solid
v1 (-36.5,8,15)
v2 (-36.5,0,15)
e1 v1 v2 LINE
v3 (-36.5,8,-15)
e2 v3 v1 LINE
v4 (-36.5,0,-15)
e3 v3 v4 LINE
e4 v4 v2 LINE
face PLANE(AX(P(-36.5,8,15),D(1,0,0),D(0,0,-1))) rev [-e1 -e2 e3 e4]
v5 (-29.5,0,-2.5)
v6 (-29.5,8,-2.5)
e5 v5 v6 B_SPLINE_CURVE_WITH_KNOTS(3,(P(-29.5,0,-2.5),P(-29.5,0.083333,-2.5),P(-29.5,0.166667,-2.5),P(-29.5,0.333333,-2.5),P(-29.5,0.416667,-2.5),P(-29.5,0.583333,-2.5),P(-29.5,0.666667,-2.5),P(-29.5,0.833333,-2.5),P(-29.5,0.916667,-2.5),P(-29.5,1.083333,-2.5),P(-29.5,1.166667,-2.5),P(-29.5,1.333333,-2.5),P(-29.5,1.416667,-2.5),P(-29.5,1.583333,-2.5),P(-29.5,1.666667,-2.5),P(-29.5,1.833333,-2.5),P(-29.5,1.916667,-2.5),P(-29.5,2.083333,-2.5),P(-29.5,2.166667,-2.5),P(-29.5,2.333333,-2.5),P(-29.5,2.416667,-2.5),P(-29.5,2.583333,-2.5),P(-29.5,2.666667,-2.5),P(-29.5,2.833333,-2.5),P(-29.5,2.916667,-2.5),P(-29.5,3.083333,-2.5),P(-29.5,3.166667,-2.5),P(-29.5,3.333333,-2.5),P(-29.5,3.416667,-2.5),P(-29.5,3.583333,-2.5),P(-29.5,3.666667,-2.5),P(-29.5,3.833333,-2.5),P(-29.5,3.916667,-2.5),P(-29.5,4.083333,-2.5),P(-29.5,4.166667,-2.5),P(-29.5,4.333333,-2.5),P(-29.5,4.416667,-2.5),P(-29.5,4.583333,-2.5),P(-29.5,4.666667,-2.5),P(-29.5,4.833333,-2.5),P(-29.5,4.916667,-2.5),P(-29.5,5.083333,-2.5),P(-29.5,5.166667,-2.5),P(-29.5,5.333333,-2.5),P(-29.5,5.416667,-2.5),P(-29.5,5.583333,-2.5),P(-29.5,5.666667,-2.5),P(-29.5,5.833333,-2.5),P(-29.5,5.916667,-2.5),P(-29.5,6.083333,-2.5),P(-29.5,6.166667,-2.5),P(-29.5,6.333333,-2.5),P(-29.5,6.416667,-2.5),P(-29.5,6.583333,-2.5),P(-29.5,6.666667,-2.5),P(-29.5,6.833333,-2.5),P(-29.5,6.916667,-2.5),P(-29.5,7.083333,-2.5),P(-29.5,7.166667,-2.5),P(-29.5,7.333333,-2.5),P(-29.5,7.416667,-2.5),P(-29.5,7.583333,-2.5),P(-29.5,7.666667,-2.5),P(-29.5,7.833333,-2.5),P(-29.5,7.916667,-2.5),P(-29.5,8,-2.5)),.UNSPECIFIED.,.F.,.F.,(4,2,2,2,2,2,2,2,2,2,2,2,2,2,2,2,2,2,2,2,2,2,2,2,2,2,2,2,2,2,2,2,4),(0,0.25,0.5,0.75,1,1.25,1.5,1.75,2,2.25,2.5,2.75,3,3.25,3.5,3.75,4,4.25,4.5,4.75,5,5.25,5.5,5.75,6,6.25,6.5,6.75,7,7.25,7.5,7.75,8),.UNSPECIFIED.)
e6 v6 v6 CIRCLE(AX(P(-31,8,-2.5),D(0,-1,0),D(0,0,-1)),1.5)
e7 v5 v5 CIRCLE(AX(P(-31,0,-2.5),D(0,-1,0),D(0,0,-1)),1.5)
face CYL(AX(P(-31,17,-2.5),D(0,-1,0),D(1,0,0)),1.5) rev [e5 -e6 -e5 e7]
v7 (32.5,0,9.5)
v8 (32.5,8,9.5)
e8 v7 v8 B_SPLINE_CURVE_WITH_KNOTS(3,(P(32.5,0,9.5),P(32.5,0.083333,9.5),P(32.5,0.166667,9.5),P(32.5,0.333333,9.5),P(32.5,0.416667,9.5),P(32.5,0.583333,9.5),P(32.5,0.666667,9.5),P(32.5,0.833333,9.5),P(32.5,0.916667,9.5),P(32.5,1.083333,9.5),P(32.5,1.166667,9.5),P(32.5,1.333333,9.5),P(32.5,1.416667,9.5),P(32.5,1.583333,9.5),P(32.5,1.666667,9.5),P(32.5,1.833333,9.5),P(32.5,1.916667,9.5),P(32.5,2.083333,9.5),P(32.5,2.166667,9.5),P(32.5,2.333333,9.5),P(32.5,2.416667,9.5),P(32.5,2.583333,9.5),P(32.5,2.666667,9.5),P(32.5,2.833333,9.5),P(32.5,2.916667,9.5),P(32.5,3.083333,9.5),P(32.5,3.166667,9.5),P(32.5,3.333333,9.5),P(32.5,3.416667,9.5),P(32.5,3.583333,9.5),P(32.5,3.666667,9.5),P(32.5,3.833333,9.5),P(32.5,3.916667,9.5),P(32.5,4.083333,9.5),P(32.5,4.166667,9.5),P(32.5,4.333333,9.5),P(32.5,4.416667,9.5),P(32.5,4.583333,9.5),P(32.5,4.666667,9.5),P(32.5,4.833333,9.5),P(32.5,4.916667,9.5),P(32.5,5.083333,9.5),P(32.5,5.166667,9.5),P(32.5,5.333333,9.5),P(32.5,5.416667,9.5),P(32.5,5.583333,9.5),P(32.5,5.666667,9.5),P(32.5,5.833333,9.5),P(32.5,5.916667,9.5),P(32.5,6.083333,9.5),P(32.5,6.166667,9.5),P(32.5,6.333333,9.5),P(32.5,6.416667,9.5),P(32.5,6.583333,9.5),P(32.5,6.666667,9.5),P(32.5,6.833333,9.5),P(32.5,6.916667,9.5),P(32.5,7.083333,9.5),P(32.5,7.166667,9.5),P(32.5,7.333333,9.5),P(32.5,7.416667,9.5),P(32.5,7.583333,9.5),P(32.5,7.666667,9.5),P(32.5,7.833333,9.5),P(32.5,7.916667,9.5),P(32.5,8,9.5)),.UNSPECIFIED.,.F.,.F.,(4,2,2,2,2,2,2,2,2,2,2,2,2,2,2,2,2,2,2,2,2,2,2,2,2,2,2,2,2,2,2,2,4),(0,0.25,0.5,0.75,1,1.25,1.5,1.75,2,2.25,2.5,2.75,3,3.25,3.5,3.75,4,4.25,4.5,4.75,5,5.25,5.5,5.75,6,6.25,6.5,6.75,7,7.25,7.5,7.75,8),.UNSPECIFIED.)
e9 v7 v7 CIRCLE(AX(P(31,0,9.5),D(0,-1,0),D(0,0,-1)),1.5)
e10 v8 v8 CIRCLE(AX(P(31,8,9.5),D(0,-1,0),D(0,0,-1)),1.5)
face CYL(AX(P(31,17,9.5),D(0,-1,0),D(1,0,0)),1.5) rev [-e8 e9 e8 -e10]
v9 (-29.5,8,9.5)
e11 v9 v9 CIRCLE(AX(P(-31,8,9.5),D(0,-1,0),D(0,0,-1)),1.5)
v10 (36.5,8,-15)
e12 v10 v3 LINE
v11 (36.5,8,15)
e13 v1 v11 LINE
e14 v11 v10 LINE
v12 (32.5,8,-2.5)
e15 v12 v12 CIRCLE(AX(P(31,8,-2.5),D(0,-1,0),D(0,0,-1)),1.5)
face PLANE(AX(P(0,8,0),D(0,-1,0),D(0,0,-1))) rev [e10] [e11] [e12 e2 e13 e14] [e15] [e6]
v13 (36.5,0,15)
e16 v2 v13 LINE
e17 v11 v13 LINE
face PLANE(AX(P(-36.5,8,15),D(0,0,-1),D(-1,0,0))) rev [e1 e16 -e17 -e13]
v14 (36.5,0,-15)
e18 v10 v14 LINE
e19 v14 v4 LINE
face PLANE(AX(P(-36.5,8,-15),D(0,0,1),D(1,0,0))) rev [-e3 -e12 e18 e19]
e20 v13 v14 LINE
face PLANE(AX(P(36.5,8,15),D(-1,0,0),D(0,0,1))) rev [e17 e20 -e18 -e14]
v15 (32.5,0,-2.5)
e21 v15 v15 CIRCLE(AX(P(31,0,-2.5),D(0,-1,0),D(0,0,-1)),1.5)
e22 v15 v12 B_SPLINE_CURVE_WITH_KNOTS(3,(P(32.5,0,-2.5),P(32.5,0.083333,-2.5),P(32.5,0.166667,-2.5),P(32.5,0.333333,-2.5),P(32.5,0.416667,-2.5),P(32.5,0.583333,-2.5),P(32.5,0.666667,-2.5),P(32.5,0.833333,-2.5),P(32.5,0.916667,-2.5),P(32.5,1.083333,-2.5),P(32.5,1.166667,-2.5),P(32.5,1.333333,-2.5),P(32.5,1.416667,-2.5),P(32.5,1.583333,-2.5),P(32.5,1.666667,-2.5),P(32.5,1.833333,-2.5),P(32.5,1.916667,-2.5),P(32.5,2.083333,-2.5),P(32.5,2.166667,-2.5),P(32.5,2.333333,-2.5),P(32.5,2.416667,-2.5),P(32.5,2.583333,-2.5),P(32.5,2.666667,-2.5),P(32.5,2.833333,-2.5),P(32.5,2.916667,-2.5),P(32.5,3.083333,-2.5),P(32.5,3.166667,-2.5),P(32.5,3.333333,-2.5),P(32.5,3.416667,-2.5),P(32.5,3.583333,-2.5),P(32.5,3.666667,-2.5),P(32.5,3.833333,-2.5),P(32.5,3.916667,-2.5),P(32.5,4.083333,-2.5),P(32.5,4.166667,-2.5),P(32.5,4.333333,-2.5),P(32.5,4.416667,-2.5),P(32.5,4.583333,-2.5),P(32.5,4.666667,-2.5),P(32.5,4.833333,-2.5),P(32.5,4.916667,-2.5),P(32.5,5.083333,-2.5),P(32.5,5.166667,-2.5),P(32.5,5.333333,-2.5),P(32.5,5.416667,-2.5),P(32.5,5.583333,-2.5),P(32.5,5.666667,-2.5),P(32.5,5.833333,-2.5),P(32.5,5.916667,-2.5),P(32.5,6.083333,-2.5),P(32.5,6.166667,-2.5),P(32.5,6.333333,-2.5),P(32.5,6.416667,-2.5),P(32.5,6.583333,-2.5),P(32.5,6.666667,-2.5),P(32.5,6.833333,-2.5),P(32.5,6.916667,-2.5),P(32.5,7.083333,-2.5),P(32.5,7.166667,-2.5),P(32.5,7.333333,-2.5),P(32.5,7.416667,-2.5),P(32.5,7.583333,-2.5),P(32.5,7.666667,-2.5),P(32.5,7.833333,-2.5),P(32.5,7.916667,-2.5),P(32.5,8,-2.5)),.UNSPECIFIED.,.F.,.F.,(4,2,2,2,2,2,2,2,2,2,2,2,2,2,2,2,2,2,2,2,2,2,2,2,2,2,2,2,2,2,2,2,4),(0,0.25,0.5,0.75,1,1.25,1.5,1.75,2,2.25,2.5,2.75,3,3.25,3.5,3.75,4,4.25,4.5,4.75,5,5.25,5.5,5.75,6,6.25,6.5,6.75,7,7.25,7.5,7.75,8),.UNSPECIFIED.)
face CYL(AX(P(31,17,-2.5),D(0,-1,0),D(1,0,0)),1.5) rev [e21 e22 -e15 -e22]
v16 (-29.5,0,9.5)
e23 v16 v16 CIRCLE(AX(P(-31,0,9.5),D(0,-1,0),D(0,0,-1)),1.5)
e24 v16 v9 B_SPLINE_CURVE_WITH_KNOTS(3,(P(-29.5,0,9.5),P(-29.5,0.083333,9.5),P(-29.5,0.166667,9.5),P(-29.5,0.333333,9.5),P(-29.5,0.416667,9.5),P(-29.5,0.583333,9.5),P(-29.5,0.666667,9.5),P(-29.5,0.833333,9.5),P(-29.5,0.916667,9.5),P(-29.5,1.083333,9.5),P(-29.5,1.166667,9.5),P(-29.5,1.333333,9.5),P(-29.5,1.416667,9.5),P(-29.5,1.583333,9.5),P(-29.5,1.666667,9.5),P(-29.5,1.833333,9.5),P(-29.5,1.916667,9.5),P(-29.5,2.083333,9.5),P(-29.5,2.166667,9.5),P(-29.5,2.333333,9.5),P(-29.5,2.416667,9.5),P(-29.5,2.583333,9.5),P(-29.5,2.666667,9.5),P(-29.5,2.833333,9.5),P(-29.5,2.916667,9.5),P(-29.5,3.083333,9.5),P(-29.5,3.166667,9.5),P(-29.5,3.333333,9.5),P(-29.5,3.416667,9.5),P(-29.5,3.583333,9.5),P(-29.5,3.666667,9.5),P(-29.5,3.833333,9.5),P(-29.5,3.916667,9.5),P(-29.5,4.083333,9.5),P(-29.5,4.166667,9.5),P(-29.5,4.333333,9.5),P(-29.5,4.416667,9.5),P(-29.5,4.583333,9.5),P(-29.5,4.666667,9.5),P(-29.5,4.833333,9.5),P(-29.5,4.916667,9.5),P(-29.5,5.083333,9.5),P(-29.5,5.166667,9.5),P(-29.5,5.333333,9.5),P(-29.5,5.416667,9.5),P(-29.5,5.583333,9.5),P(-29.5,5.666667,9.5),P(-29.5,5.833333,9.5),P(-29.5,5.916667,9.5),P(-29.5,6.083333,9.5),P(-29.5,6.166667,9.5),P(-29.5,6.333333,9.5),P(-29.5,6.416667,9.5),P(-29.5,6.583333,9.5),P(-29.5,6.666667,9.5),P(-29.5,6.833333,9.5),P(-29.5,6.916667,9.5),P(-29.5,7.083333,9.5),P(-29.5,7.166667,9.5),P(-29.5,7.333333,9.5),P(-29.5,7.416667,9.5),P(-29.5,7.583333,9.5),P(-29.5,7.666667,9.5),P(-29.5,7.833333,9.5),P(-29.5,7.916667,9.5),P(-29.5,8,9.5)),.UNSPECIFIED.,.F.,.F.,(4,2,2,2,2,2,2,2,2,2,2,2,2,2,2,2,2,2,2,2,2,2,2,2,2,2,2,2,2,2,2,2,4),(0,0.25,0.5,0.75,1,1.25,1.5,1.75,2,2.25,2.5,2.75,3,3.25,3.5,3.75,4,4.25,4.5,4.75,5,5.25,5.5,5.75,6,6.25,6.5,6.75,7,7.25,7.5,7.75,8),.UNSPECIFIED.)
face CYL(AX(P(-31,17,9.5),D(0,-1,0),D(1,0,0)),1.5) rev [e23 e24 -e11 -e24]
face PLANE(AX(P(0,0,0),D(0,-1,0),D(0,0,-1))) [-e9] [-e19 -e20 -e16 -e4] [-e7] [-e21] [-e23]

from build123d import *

# Parameters (mm, degrees)
SKETCH_1_W          = 73
SKETCH_1_H          = 30
EXTRUDE_1_DEPTH     = 8
SKETCH_2_R          = 1.5
CUT_EXTRUDE_1_DEPTH = 45


with BuildPart() as part:
    # 草图1 → 凸台-拉伸1 (new body)
    with BuildSketch(Plane(origin=(0, 0, 0), x_dir=(1, 0, 0), z_dir=(0, 1, 0))):
        Rectangle(SKETCH_1_W, SKETCH_1_H)
    extrude(amount=EXTRUDE_1_DEPTH)

    # 草图2 → 切除-拉伸1 (cut, symmetric)
    with BuildSketch(Plane(origin=(59.282070169, -28, -16.5), x_dir=(1, 0, 0), z_dir=(0, -1, 0))):
        with Locations((-28.282070169, 14)):
            Circle(SKETCH_2_R)
        with Locations((-90.282070169, 14)):
            Circle(SKETCH_2_R)
        with Locations((-90.282070169, 26)):
            Circle(SKETCH_2_R)
        with Locations((-28.282070169, 26)):
            Circle(SKETCH_2_R)
    extrude(amount=CUT_EXTRUDE_1_DEPTH, both=True, mode=Mode.SUBTRACT)


solid = part.part
